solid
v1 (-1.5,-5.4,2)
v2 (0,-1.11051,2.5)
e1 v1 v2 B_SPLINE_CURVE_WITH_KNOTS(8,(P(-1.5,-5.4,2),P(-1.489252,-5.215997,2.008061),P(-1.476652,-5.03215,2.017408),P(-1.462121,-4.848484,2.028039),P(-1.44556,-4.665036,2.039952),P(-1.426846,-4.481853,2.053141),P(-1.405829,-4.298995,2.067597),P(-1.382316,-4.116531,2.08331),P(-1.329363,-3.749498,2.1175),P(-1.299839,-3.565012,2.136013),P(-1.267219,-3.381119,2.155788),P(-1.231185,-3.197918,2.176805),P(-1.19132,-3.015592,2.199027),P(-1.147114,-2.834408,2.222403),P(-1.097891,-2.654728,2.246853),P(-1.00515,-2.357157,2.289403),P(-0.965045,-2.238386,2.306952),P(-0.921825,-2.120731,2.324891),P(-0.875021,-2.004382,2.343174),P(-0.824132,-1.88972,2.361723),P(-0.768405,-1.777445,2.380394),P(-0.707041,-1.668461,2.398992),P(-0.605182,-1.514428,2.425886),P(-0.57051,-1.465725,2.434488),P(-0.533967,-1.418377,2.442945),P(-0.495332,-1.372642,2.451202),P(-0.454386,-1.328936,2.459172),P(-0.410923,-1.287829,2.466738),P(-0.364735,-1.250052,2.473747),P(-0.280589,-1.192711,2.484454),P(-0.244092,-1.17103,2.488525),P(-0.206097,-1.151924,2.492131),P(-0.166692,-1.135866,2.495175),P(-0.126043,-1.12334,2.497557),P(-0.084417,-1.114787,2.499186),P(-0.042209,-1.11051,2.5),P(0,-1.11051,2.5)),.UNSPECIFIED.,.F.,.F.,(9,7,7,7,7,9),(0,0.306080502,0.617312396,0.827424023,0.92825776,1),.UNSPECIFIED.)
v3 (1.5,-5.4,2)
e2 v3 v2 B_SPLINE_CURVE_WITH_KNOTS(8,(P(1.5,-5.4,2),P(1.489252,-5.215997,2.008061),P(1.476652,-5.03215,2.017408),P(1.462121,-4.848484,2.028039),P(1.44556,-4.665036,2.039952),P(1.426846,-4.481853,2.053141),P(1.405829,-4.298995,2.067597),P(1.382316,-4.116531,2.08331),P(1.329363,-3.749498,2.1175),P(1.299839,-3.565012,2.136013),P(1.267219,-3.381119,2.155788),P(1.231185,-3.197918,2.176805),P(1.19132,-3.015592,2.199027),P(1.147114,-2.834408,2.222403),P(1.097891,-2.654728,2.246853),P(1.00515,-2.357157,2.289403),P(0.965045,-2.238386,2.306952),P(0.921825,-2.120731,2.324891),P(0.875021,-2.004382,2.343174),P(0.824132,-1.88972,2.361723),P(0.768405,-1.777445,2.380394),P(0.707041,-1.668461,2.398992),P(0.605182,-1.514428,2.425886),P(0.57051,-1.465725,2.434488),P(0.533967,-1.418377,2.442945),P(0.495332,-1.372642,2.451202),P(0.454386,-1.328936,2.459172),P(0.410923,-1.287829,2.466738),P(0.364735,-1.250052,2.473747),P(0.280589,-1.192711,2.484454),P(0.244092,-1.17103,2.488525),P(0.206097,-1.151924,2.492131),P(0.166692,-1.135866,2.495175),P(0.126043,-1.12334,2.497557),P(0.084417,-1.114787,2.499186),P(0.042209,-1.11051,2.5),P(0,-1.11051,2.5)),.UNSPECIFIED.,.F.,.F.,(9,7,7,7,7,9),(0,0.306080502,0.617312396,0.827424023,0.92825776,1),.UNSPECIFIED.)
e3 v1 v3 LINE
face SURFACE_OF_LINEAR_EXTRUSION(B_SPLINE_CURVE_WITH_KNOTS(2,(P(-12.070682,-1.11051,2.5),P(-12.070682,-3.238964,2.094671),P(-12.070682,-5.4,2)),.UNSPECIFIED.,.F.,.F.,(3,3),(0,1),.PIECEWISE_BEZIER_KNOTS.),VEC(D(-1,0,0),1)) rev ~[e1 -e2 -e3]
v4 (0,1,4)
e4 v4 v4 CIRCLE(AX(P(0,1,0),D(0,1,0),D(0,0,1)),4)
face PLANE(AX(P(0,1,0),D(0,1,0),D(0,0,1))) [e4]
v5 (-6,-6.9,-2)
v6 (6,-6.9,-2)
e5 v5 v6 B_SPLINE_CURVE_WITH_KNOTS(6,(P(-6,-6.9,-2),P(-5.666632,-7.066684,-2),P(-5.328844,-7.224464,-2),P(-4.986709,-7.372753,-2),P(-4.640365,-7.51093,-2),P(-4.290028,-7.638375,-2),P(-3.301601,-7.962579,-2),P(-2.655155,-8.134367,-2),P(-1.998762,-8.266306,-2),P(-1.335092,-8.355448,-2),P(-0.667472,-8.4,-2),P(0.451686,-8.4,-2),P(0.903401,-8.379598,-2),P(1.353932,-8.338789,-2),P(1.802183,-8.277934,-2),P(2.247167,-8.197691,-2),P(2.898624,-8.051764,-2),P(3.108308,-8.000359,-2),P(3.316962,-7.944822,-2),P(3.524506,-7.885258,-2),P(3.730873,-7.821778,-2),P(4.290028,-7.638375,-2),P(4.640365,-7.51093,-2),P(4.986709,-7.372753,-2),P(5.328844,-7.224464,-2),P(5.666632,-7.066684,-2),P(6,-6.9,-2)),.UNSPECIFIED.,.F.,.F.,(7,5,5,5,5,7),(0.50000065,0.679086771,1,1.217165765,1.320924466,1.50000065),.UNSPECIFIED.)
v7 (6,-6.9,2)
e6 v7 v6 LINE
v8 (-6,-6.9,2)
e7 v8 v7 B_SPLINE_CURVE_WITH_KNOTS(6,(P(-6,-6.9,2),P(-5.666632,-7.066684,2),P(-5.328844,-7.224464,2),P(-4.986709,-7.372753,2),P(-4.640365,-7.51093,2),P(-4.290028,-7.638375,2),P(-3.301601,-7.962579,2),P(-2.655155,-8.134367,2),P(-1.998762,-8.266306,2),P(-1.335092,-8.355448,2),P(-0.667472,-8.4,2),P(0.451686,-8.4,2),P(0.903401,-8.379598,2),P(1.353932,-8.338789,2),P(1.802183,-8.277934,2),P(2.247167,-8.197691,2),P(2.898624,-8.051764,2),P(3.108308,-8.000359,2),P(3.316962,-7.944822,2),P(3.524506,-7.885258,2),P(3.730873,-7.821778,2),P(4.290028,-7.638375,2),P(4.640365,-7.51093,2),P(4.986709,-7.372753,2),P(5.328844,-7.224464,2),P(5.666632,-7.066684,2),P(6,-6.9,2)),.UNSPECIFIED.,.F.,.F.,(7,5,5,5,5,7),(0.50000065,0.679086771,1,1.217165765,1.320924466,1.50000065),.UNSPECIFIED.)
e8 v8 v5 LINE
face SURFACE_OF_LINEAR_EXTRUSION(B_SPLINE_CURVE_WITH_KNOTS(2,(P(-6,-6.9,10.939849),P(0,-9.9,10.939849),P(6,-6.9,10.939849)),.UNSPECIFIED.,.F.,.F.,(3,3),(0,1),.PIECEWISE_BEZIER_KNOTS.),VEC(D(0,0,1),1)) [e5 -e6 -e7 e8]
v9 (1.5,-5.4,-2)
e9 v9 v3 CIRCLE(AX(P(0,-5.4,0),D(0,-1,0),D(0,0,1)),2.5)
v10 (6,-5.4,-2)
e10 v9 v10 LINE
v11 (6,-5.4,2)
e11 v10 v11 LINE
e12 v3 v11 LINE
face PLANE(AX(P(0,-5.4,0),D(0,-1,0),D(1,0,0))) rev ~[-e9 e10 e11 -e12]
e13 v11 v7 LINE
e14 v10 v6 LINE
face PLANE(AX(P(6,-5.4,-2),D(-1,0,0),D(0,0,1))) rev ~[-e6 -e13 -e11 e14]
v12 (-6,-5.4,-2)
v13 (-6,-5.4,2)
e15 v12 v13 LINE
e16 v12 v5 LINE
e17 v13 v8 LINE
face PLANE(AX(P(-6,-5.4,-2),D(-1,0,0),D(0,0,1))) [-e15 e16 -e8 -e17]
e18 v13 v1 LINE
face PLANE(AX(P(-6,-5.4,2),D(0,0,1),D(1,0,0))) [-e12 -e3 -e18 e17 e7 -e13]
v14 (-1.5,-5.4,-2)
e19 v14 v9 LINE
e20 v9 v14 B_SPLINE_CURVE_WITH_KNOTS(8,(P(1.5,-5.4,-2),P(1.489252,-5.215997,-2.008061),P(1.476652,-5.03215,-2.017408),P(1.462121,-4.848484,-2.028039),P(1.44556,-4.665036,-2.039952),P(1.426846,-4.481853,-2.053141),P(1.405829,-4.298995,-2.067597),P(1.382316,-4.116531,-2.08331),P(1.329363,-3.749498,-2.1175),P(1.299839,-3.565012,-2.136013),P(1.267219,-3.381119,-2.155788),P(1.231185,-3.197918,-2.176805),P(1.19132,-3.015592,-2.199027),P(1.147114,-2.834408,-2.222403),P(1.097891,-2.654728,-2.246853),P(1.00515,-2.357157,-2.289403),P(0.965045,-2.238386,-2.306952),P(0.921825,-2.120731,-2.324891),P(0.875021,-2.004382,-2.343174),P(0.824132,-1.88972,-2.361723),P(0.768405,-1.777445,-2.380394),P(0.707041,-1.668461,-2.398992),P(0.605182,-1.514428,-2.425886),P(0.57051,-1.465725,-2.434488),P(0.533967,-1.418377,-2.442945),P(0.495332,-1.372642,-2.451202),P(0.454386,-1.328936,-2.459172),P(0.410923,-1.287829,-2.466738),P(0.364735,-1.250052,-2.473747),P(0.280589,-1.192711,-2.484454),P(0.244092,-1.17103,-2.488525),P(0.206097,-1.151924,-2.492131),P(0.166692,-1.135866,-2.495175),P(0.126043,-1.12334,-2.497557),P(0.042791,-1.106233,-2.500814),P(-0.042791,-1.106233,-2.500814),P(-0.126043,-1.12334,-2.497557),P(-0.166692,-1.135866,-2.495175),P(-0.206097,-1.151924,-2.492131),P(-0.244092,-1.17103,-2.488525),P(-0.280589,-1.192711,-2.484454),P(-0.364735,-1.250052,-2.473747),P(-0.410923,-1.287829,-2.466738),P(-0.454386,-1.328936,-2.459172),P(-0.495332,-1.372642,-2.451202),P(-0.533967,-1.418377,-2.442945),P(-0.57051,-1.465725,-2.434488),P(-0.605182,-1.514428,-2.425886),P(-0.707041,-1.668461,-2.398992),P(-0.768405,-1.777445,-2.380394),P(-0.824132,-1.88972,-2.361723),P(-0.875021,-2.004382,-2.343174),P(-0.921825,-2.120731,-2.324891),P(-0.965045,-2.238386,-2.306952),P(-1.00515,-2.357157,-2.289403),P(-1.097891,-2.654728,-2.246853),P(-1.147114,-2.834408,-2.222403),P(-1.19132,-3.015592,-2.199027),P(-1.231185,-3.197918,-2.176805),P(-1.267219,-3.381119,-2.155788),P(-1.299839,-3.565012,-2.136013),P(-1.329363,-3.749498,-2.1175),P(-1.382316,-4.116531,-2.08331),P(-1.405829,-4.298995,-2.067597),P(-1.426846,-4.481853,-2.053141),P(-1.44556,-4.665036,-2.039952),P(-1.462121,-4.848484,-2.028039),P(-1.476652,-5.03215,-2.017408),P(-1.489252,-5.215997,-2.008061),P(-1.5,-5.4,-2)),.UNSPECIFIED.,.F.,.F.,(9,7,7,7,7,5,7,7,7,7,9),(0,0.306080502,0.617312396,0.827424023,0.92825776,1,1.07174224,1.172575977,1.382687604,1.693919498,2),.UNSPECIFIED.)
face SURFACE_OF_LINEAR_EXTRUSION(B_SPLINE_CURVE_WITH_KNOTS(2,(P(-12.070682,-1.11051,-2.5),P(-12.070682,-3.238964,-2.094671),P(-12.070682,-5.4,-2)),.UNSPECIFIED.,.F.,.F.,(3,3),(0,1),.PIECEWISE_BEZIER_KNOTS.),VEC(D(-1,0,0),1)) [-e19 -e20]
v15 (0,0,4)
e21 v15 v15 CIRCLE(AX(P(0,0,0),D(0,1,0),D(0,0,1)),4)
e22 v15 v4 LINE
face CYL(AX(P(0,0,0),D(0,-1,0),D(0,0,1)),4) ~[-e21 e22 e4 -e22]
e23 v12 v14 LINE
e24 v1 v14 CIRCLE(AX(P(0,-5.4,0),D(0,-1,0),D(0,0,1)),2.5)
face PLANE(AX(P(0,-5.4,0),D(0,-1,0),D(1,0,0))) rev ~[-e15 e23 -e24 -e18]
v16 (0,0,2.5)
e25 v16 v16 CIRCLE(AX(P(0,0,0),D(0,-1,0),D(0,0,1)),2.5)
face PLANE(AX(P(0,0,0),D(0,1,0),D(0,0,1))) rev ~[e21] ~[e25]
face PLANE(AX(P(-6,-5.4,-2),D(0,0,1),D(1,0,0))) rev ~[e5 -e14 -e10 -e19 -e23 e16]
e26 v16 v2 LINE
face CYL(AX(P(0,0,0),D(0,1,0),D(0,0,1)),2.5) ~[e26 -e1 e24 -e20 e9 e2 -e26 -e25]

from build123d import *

# Parameters (mm, degrees)
SKETCH1_R               = 4
BOSS_EXTRUDE1_DEPTH     = 1
SKETCH2_R               = 2.5
BOSS_EXTRUDE2_DEPTH     = 5.4
SKETCH3_W               = 12
SKETCH3_H               = 4
BOSS_EXTRUDE3_DEPTH     = 3
CUT_EXTRUDE1_DEPTH      = 12.939849245
CUT_EXTRUDE1_DEPTH_BACK = 12.939849245
CUT_EXTRUDE2_DEPTH      = 12.070682133
CUT_EXTRUDE2_DEPTH_BACK = 12.070682133


with BuildPart() as part:
    # Sketch1 → Boss-Extrude1 (new body)
    with BuildSketch(Plane(origin=(0, 0, 0), x_dir=(1, 0, 0), z_dir=(0, 1, 0))):
        with Locations(Location((0, 0, 0), (0, 0, 270))):
            Circle(SKETCH1_R)
    extrude(amount=BOSS_EXTRUDE1_DEPTH)

    # Sketch2 → Boss-Extrude2 (add)
    with BuildSketch(Plane(origin=(0, 0, 0), x_dir=(-1, 0, 0), z_dir=(0, -1, 0))):
        with Locations(Location((0, 0, 0), (0, 0, 270))):
            Circle(SKETCH2_R)
    extrude(amount=BOSS_EXTRUDE2_DEPTH)

    # Sketch3 → Boss-Extrude3 (add)
    with BuildSketch(Plane.XZ.offset(5.4)):
        Rectangle(SKETCH3_W, SKETCH3_H)
    extrude(amount=BOSS_EXTRUDE3_DEPTH)

    # Sketch4 → Cut-Extrude1 (cut, two sides: drawn at the far end of the back side and taken through both)
    with BuildSketch(Plane(origin=(0, 0, -2), x_dir=(-1, 0, 0), z_dir=(0, 0, -1)).offset(-CUT_EXTRUDE1_DEPTH_BACK)):
        with BuildLine():
            Line((-6, -6.9), (-6.927802535, -6.9))
            Line((-6.927802535, -6.9), (-6.927802535, -9.790233254))
            Line((-6.927802535, -9.790233254), (7.497210963, -9.790233254))
            Line((7.497210963, -9.790233254), (7.497210963, -6.84173926))
            Line((7.497210963, -6.84173926), (6, -6.9))
            add(Edge.make_bspline(
                [(6, -6.9), (0, -9.9), (-6, -6.9)],
                knots=[0, 0, 0, 1, 1, 1], degree=2))
        make_face()
    extrude(amount=CUT_EXTRUDE1_DEPTH + CUT_EXTRUDE1_DEPTH_BACK, mode=Mode.SUBTRACT)

    # Sketch5 → Cut-Extrude2 (cut, two sides: drawn at the far end of the back side and taken through both)
    with BuildSketch(Plane(origin=(0, 0, 0), x_dir=(0, 0, -1), z_dir=(1, 0, 0)).offset(-CUT_EXTRUDE2_DEPTH_BACK)):
        with BuildLine():
            Line((2.5, -1.11050973), (3.286969074, -1.11050973))
            Line((3.286969074, -1.11050973), (3.286969074, -6.28949027))
            Line((3.286969074, -6.28949027), (2, -5.4))
            add(Edge.make_bspline(
                [(2.5, -1.11050973), (2.094671437, -3.238964164), (2, -5.4)],
                knots=[0, 0, 0, 1, 1, 1], degree=2))
        make_face()
        with BuildLine():
            Line((-3.286969074, -6.28949027), (-2, -5.4))
            add(Edge.make_bspline(
                [(-2.5, -1.11050973), (-2.094671437, -3.238964164), (-2, -5.4)],
                knots=[0, 0, 0, 1, 1, 1], degree=2))
            Line((-2.5, -1.11050973), (-3.286969074, -1.11050973))
            Line((-3.286969074, -1.11050973), (-3.286969074, -6.28949027))
        make_face()
    extrude(amount=CUT_EXTRUDE2_DEPTH + CUT_EXTRUDE2_DEPTH_BACK, mode=Mode.SUBTRACT)


solid = part.part
